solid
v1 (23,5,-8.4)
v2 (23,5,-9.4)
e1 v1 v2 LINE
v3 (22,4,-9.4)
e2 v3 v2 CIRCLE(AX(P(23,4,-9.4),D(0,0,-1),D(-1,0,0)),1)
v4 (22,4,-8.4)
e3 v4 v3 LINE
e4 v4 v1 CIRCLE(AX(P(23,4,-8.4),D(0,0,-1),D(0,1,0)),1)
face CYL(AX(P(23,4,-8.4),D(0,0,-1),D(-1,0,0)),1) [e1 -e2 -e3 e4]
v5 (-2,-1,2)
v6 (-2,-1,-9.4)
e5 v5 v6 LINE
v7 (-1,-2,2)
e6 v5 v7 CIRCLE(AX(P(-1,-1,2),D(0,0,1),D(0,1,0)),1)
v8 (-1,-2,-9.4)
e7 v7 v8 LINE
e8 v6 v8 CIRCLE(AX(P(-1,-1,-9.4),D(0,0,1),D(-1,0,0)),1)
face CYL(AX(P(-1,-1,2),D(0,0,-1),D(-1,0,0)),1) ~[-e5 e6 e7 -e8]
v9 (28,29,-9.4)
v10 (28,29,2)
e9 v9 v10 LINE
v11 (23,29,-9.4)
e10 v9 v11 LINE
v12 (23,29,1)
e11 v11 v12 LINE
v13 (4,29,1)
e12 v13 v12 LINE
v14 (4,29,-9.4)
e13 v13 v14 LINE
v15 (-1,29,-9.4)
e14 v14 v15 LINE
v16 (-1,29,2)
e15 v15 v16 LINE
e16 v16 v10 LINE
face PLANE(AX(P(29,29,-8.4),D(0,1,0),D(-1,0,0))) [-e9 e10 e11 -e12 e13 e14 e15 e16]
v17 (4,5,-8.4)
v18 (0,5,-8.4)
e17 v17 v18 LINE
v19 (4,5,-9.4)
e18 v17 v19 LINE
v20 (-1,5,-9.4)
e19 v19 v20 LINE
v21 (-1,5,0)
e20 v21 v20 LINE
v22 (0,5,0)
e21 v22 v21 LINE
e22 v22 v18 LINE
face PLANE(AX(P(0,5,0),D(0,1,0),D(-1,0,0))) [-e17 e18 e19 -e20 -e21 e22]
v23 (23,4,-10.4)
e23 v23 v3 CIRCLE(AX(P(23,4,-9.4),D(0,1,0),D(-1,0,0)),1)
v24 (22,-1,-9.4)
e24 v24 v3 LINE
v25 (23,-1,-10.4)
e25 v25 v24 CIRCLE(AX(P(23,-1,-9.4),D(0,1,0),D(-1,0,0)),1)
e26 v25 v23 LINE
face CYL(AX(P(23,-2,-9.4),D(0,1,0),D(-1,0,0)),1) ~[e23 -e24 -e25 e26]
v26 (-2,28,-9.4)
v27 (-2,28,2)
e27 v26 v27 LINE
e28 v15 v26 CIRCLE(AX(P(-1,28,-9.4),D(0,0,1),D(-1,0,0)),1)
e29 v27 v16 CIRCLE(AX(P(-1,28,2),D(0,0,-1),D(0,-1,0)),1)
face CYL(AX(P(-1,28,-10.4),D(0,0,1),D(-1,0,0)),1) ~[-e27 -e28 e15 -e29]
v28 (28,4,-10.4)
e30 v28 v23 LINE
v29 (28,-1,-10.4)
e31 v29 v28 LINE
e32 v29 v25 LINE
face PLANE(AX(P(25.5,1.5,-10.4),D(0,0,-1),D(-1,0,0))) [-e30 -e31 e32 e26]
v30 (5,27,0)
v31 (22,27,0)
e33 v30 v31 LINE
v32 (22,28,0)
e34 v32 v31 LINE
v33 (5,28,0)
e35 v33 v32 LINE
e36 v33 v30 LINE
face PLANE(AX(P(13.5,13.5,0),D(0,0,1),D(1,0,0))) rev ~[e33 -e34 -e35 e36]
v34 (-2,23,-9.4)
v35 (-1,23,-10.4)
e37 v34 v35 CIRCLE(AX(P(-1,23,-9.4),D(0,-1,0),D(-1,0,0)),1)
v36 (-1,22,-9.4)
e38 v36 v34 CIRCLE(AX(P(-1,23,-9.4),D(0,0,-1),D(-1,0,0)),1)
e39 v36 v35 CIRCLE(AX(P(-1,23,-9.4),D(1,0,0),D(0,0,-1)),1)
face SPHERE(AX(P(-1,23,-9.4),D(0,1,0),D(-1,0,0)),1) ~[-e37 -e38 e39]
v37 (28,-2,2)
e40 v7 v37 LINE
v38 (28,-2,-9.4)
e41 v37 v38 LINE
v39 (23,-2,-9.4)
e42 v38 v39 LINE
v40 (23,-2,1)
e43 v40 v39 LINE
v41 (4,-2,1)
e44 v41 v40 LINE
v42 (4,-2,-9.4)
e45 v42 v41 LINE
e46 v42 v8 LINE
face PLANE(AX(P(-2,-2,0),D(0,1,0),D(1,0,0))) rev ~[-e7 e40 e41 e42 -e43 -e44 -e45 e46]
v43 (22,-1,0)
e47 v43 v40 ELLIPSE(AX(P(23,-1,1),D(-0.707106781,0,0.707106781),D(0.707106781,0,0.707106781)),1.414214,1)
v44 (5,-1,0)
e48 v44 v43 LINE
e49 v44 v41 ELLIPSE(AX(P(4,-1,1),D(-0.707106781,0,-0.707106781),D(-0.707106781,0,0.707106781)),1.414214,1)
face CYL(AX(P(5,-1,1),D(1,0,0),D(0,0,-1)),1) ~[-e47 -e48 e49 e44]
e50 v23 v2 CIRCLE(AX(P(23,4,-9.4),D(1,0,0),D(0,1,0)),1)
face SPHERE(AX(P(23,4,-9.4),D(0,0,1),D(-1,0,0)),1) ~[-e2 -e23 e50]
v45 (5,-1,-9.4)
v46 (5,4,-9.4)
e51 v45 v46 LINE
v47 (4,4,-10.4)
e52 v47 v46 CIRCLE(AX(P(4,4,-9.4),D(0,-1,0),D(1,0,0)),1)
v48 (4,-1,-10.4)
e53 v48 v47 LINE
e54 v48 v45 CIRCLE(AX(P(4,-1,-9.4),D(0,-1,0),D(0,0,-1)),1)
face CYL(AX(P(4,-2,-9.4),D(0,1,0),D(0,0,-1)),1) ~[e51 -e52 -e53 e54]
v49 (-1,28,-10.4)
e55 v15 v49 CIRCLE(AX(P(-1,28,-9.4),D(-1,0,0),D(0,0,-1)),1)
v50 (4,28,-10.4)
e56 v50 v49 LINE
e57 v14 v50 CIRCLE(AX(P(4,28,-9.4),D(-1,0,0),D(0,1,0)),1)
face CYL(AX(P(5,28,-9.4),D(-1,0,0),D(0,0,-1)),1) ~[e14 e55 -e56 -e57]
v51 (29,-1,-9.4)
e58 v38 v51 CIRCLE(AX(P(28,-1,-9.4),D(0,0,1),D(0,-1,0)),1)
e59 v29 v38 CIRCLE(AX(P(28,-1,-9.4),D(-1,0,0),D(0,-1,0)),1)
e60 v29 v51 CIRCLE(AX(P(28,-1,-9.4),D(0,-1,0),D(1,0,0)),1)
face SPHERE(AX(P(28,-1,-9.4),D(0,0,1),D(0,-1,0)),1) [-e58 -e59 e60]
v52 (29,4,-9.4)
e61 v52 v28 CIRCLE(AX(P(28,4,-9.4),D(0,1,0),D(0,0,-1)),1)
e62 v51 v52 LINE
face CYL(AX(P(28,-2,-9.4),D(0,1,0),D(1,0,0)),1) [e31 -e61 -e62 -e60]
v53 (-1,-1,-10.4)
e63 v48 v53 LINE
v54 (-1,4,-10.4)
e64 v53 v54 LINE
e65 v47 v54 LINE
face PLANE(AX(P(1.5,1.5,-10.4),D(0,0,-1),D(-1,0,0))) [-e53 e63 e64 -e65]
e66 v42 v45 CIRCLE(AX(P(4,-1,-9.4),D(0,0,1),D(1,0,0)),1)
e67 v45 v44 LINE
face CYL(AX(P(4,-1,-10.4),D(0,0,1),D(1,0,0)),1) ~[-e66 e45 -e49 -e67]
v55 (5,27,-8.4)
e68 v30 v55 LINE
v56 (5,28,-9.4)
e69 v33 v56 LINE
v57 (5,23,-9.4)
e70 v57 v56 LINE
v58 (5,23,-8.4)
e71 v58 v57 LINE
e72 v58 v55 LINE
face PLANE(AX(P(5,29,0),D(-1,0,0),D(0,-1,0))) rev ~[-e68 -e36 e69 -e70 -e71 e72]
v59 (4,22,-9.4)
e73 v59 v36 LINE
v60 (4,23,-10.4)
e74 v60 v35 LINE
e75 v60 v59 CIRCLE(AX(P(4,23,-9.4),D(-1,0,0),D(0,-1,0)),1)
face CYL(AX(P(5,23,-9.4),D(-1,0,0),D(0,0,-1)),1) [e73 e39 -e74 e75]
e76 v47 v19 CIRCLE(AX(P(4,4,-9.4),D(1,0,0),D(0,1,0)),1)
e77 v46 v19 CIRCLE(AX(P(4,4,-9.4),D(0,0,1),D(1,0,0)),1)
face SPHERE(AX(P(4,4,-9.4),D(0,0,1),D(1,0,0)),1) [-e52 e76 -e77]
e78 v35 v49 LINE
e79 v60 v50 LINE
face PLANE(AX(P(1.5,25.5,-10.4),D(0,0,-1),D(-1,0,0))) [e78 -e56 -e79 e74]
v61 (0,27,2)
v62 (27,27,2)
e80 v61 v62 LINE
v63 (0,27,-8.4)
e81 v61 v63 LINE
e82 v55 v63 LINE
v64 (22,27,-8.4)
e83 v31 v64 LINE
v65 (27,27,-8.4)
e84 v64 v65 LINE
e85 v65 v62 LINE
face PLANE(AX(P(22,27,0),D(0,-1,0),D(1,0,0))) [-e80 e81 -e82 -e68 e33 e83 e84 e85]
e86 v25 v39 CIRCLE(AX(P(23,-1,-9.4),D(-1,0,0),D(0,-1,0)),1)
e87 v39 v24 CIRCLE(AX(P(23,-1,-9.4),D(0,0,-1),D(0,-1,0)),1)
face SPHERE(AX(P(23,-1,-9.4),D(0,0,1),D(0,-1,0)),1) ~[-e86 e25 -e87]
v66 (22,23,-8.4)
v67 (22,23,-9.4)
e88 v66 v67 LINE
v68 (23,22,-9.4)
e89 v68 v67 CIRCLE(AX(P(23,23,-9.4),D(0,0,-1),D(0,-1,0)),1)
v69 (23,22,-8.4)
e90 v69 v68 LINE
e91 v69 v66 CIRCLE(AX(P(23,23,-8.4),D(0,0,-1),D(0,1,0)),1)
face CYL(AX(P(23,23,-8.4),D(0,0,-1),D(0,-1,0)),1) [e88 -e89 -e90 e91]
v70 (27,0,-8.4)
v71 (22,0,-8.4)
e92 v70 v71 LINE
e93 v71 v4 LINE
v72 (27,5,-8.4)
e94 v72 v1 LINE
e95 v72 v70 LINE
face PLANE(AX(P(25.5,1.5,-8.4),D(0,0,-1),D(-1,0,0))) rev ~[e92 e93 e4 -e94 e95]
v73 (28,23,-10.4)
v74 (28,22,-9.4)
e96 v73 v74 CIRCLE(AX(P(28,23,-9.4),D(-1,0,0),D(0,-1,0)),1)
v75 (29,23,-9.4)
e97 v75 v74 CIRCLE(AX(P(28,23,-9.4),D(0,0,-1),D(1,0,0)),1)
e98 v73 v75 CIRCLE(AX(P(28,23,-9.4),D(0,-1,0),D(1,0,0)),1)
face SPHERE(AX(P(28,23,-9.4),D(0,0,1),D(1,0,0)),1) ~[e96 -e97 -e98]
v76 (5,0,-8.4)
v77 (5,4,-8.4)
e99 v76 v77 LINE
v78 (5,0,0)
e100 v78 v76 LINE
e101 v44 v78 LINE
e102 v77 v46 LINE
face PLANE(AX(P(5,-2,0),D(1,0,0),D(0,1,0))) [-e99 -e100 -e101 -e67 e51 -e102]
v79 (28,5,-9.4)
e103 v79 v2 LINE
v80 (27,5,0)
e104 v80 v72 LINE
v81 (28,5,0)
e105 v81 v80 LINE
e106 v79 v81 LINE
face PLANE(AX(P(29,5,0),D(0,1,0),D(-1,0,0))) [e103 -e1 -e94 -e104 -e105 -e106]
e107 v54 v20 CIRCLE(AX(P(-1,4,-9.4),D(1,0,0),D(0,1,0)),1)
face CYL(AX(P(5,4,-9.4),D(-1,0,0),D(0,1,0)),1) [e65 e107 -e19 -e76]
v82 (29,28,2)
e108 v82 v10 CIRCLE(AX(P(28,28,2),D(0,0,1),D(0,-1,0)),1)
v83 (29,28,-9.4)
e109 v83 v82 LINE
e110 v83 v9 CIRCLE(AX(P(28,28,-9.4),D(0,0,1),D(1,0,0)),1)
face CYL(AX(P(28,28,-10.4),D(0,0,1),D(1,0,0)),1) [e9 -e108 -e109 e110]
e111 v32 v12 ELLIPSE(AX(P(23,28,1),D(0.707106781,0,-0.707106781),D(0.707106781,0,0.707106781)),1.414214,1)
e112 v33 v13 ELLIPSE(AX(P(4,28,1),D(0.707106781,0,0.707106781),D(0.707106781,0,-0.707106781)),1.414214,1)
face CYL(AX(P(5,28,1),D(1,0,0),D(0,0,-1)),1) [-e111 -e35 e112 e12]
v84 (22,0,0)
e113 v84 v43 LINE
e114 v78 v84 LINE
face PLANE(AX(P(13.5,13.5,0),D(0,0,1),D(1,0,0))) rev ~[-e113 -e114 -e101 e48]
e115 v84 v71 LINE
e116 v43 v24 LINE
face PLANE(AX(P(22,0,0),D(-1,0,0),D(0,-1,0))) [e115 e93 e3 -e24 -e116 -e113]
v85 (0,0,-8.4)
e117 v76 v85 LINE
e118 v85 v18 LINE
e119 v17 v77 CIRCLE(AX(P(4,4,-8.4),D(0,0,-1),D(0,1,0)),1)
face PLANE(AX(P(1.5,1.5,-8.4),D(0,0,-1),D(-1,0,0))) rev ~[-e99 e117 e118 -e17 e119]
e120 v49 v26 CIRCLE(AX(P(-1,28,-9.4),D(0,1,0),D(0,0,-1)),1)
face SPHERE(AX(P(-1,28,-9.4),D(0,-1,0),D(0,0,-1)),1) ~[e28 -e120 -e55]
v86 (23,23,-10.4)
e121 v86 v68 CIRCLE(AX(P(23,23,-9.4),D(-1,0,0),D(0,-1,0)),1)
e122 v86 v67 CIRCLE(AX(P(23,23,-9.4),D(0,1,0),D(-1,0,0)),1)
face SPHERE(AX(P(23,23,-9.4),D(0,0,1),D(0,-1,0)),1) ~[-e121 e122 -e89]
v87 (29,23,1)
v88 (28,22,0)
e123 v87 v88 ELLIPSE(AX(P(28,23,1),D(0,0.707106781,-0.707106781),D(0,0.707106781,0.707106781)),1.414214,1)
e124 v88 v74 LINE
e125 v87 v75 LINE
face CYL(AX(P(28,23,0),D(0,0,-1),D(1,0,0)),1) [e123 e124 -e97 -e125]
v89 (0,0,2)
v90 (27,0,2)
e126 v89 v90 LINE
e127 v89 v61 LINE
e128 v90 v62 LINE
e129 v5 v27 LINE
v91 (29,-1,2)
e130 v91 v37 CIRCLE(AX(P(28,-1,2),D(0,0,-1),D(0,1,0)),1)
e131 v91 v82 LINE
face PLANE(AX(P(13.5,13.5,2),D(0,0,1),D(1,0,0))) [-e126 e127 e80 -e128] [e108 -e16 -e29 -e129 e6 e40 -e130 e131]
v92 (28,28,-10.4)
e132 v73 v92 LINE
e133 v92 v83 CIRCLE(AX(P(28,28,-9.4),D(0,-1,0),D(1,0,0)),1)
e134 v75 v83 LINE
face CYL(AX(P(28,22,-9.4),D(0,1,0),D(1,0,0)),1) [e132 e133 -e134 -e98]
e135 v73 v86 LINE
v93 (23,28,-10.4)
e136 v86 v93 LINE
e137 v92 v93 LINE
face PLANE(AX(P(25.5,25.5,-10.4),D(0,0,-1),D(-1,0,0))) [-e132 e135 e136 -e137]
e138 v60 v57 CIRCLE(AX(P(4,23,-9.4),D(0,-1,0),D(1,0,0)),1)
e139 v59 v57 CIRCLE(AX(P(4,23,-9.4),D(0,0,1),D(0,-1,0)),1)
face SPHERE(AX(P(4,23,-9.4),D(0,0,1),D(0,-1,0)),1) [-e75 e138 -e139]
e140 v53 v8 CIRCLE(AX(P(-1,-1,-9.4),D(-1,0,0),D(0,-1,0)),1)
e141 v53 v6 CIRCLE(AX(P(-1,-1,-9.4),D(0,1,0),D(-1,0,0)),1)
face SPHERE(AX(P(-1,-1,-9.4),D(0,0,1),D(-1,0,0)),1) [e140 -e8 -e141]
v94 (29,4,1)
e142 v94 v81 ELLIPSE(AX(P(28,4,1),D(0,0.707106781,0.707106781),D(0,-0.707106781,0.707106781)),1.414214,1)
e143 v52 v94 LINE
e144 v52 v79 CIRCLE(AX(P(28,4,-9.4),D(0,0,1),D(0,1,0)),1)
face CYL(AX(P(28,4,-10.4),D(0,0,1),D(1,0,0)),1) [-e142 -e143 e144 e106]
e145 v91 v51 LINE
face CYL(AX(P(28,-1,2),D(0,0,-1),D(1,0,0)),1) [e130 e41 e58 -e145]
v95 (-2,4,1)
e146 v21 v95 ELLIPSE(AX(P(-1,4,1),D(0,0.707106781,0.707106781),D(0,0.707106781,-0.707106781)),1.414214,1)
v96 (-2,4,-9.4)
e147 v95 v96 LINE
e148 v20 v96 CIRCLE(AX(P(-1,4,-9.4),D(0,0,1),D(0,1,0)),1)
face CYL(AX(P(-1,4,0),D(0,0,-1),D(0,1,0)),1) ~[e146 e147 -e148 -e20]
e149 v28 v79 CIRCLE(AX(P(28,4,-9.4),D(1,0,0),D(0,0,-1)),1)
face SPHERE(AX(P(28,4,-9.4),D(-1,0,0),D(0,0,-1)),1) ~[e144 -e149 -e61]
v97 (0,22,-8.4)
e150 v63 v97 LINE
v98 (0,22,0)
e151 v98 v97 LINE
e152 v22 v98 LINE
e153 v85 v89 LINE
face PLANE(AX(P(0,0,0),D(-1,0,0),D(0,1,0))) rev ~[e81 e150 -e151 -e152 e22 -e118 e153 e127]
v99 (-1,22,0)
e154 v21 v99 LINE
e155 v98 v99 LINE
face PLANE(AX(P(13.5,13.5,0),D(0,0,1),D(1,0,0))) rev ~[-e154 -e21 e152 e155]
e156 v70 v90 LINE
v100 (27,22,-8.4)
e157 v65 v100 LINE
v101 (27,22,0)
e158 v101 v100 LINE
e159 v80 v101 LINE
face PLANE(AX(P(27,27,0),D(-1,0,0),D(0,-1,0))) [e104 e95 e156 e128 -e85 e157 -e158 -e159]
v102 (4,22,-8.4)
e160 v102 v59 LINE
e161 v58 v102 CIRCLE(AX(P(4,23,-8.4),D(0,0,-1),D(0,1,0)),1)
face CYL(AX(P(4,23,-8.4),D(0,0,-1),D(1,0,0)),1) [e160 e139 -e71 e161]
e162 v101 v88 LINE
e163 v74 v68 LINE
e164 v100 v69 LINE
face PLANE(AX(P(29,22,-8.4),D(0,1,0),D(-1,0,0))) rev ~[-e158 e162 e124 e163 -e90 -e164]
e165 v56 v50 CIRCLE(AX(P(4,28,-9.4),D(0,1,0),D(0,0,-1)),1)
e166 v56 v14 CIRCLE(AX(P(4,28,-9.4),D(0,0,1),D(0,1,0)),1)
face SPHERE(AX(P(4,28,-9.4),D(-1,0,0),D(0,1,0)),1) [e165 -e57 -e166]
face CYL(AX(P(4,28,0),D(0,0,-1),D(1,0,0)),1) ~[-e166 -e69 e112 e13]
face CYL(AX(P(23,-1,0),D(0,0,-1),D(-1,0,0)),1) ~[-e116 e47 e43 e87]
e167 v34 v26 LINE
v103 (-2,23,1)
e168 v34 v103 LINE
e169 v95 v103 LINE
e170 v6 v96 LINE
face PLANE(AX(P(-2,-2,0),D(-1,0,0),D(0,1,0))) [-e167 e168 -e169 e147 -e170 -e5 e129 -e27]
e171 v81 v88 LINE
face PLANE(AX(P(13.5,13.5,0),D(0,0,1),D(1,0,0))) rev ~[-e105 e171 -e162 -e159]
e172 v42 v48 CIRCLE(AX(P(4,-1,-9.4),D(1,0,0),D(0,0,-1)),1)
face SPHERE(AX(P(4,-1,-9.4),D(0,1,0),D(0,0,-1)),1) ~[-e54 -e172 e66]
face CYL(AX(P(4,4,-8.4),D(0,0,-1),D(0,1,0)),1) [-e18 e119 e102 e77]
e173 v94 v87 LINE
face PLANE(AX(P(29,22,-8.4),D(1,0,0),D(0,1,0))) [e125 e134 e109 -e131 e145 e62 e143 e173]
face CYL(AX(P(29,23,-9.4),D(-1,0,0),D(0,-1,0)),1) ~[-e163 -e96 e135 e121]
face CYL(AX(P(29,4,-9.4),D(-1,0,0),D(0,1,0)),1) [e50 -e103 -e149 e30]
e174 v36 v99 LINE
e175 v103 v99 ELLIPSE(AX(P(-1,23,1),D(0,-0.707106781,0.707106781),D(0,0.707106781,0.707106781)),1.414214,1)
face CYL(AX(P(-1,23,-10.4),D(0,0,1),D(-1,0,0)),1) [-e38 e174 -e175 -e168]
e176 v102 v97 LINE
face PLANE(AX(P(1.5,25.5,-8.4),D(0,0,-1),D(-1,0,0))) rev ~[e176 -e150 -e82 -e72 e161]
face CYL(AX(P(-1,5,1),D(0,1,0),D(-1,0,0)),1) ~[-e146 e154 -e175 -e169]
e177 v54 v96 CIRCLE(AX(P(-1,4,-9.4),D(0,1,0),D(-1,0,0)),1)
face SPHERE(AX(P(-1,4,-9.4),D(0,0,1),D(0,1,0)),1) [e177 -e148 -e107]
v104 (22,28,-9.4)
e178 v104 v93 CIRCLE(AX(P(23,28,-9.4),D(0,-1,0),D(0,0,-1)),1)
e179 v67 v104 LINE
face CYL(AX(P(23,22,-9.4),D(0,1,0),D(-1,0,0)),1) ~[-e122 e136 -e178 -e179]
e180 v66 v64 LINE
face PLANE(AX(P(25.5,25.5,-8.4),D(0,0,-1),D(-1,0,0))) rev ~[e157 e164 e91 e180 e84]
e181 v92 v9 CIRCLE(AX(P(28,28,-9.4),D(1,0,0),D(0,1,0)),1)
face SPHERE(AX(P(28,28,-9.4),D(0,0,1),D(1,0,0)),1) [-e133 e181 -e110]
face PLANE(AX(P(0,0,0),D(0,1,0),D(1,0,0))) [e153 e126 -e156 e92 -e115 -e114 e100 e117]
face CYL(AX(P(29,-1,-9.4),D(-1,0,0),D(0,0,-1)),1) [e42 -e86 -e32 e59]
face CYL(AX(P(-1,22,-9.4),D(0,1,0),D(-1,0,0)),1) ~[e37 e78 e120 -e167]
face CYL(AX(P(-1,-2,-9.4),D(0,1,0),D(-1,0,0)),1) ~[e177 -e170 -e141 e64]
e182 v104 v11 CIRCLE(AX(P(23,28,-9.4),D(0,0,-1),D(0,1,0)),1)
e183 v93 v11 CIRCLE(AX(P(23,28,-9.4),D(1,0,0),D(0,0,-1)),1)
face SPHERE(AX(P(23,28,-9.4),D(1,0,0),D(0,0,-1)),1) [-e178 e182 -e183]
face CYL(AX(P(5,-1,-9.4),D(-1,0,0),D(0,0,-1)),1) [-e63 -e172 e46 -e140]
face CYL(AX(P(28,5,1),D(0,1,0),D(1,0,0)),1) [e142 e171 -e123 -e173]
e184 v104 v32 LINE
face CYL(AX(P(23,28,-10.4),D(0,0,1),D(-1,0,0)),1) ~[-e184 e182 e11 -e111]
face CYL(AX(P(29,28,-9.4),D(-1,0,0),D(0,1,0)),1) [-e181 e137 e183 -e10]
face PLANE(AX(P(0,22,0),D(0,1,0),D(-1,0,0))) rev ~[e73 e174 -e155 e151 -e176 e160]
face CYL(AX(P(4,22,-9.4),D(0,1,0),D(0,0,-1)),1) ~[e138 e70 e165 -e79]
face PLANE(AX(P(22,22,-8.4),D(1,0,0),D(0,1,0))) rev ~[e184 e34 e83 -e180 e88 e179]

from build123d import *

# Parameters (mm, degrees)
SKETCH1_W           = 31
SKETCH1_H           = 31
SKETCH1_W_2         = 27
SKETCH1_H_2         = 27
BOSS_EXTRUDE1_DEPTH = 2
BOSS_EXTRUDE2_DEPTH = 8.4
SKETCH4_W           = 7
SKETCH4_H           = 7
BOSS_EXTRUDE3_DEPTH = 2
FILLET1_R           = 1


with BuildPart() as part:
    # Sketch1 → Boss-Extrude1 (new body)
    with BuildSketch(Plane.XY):
        with Locations((13.5, 13.5)):
            Rectangle(SKETCH1_W, SKETCH1_H)
        with Locations((13.5, 13.5)):
            Rectangle(SKETCH1_W_2, SKETCH1_H_2, mode=Mode.SUBTRACT)
    extrude(amount=BOSS_EXTRUDE1_DEPTH)

    # Sketch2 → Boss-Extrude2 (add)
    with BuildSketch(Plane(origin=(0, 0, 0), x_dir=(-1, 0, 0), z_dir=(0, 0, -1))):
        Polygon((-29, 29), (-22, 29), (-22, 27), (-27, 27), (-27, 22), (-29, 22), align=None)
        Polygon((2, 29), (-5, 29), (-5, 27), (0, 27), (0, 22), (2, 22), align=None)
        Polygon((2, 5), (2, -2), (-5, -2), (-5, 0), (0, 0), (0, 5), align=None)
        Polygon((-29, -2), (-29, 5), (-27, 5), (-27, 0), (-22, 0), (-22, -2), align=None)
    extrude(amount=BOSS_EXTRUDE2_DEPTH)

    # Sketch4 → Boss-Extrude3 (add)
    with BuildSketch(Plane(origin=(0, 0, -8.4), x_dir=(-1, 0, 0), z_dir=(0, 0, -1))):
        with Locations((-25.5, 25.5)):
            Rectangle(SKETCH4_W, SKETCH4_H)
        with Locations((-25.5, 1.5)):
            Rectangle(SKETCH4_W, SKETCH4_H)
        with Locations((-1.5, 1.5)):
            Rectangle(SKETCH4_W, SKETCH4_H)
        with Locations((-1.5, 25.5)):
            Rectangle(SKETCH4_W, SKETCH4_H)
    extrude(amount=BOSS_EXTRUDE3_DEPTH)

    # Fillet1
    fillet1_edges = [part.edges().sort_by_distance(p)[0] for p in [
        (-2, 25.5, -10.4),
        (1.5, 29, -10.4),
        (-2, 29, -4.2),
        (-2, 22, -5.2),
        (5, 5, -9.4),
        (-2, 5, -5.2),
        (-2, 13.5, 0),
        (-2, -2, -4.2),
        (5, 1.5, -10.4),
        (1.5, 5, -10.4),
        (-2, 1.5, -10.4),
        (1.5, -2, -10.4),
        (5, -2, -5.2),
        (13.5, -2, 0),
        (22, 5, -9.4),
        (22, -2, -5.2),
        (29, -2, -4.2),
        (25.5, -2, -10.4),
        (22, 22, -9.4),
        (5, 22, -9.4),
        (22, 1.5, -10.4),
        (25.5, 5, -10.4),
        (29, 1.5, -10.4),
        (29, 5, -5.2),
        (29, 13.5, 0),
        (29, 29, -4.2),
        (29, 22, -5.2),
        (29, 25.5, -10.4),
        (25.5, 22, -10.4),
        (25.5, 29, -10.4),
        (22, 25.5, -10.4),
        (22, 29, -5.2),
        (13.5, 29, 0),
        (5, 29, -5.2),
        (1.5, 22, -10.4),
        (5, 25.5, -10.4),
    ]]
    fillet(fillet1_edges, radius=FILLET1_R)


solid = part.part
